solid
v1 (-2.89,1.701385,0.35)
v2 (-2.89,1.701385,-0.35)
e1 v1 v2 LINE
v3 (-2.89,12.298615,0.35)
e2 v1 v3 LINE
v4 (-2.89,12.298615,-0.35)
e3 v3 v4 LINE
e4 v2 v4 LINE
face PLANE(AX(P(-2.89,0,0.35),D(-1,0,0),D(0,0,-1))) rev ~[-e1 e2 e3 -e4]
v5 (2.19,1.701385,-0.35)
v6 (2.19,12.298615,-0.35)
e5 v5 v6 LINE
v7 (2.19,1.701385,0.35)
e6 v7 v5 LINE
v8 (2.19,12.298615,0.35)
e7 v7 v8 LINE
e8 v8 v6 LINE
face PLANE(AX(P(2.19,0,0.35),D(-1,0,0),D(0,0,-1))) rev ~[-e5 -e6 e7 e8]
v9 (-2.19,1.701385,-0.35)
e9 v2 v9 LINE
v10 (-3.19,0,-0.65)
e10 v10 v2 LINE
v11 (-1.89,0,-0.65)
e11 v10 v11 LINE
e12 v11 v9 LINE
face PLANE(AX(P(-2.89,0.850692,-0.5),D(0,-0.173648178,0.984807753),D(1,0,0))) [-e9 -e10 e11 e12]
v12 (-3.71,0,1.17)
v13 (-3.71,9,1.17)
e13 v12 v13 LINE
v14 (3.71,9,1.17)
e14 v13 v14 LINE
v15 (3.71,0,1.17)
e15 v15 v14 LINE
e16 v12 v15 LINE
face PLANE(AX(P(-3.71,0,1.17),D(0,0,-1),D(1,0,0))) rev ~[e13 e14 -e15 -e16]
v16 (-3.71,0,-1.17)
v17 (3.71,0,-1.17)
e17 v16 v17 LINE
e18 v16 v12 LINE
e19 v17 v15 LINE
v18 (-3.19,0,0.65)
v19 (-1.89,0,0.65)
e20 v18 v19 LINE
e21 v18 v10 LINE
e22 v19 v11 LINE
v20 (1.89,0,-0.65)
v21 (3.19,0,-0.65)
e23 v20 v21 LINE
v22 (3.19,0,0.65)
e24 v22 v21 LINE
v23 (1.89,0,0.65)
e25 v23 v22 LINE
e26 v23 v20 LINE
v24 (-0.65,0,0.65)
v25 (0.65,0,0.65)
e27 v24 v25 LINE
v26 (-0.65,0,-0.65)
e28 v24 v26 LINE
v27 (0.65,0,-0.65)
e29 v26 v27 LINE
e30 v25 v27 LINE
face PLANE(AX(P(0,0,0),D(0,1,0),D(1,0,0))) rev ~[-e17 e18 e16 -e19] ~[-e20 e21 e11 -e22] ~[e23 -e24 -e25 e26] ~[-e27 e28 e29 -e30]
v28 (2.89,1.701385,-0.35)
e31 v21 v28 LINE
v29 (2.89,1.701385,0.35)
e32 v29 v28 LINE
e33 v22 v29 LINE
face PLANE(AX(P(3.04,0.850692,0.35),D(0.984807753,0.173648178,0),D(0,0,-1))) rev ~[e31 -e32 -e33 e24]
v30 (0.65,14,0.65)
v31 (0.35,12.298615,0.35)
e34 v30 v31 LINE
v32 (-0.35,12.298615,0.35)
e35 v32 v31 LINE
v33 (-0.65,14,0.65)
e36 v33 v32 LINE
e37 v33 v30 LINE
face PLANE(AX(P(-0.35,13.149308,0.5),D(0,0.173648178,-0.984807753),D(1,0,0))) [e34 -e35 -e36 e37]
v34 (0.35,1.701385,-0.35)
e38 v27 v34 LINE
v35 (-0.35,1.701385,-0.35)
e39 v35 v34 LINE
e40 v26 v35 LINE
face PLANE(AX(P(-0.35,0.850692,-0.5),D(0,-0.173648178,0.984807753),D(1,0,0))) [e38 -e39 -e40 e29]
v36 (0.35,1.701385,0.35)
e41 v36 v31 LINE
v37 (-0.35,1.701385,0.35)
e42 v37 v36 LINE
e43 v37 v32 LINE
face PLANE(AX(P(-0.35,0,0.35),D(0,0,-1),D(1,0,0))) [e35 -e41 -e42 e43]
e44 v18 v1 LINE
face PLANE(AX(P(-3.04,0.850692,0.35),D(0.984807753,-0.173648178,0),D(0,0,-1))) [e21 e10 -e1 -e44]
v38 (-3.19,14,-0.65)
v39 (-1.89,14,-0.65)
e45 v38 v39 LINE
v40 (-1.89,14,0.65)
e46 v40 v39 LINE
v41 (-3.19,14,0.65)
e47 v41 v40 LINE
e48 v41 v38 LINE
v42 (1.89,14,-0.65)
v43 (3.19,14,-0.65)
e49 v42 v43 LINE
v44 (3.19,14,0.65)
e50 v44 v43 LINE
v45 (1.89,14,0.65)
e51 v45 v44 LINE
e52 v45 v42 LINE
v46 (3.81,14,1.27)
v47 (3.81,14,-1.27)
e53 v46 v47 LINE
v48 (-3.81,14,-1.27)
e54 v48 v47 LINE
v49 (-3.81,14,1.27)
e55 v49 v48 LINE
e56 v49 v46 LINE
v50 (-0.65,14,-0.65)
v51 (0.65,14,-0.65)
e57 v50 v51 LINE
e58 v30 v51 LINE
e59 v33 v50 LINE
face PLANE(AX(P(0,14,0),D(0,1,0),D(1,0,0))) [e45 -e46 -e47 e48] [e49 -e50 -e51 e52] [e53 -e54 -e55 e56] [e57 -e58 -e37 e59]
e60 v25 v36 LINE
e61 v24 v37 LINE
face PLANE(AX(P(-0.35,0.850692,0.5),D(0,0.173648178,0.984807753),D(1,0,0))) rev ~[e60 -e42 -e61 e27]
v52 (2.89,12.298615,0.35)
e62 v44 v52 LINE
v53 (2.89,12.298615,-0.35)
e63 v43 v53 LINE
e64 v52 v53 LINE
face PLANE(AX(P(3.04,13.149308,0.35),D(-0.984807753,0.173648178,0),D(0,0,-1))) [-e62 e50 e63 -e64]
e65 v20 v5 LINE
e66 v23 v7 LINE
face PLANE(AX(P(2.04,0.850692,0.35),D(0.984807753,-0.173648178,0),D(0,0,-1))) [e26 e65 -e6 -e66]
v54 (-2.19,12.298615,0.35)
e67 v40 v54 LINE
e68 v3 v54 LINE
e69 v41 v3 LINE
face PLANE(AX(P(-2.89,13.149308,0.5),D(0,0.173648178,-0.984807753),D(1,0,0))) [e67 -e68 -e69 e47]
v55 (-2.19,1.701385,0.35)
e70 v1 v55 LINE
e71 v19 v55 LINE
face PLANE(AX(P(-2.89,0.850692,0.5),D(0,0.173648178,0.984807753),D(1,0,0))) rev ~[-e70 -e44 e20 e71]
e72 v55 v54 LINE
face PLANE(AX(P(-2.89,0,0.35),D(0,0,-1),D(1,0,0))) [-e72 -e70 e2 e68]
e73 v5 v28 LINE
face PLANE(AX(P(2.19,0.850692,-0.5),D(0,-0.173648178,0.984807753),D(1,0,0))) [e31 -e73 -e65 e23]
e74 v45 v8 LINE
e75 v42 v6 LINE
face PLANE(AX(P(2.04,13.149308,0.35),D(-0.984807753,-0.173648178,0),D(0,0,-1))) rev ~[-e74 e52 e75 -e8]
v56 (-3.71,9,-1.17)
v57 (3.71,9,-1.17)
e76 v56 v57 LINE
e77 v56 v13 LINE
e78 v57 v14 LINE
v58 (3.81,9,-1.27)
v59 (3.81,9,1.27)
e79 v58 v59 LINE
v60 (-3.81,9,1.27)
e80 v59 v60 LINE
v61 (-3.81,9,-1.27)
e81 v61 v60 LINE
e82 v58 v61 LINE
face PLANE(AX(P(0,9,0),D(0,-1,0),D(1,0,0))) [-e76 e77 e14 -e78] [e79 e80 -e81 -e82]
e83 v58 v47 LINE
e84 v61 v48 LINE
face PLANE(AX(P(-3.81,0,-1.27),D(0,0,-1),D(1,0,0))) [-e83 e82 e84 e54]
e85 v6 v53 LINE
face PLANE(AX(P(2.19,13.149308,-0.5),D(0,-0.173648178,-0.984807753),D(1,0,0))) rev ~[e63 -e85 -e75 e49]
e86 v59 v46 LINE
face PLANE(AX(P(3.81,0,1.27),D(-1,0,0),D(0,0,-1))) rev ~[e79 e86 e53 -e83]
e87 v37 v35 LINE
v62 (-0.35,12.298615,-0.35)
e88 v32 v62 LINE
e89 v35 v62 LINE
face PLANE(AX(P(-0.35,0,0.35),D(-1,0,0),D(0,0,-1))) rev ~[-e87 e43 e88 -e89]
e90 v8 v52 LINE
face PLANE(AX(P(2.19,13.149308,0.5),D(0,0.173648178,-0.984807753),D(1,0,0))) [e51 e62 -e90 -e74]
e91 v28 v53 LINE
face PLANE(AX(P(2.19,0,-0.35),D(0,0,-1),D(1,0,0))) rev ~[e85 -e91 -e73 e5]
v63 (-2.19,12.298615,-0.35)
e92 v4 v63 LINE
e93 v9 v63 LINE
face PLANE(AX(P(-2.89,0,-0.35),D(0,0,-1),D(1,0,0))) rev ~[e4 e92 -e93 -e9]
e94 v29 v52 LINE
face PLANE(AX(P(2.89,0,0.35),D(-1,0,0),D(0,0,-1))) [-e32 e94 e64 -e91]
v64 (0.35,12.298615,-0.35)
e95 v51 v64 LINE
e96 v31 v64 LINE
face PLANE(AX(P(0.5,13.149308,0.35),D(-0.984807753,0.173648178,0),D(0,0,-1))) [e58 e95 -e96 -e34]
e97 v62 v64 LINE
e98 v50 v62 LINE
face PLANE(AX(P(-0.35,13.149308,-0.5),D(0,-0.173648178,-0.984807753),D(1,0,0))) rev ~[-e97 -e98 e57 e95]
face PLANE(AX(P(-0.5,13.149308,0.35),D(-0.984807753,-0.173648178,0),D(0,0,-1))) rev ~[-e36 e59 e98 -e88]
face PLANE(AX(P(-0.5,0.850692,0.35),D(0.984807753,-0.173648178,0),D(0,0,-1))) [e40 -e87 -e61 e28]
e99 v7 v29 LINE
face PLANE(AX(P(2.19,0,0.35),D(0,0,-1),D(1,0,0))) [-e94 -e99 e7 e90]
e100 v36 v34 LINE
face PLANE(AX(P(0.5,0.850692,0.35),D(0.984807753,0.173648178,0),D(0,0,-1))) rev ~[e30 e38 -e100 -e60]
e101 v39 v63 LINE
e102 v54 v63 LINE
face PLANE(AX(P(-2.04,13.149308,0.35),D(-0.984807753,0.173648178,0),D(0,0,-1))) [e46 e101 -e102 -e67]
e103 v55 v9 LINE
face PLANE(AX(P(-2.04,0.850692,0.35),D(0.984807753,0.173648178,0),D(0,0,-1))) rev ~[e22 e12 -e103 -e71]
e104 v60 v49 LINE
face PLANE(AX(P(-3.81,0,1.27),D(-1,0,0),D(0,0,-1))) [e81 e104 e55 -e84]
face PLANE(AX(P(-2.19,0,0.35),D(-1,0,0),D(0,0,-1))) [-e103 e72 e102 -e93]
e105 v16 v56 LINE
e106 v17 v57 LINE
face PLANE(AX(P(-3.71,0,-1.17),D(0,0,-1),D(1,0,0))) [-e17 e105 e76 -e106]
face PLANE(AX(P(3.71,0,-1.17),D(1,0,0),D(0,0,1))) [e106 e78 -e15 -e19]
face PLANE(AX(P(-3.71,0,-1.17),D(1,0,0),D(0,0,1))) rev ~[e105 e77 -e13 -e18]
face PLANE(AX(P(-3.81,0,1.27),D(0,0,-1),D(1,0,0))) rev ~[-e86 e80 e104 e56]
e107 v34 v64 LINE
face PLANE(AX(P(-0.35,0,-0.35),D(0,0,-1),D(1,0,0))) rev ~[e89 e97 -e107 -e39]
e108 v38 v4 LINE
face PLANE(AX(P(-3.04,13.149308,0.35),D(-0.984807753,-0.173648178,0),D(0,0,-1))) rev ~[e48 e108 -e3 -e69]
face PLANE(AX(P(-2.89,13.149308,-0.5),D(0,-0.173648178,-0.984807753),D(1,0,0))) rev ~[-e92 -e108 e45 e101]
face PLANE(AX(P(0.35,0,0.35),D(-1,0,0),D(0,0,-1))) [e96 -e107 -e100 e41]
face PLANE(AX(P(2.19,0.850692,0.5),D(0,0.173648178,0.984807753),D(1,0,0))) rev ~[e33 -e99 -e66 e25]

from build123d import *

# Parameters (mm, degrees)
SKIZZE1_W                       = 7.62
SKIZZE1_H                       = 2.54
SKIZZE1_W_2                     = 0.7
SKIZZE1_H_2                     = 0.7
AUFSATZ_LINEAR_AUSTRAGEN1_DEPTH = 14
SKIZZE3_OUTSIDE_W               = 12.848
SKIZZE3_OUTSIDE_H               = 7.768
SKIZZE3_OUTSIDE_W_2             = 7.42
SKIZZE3_OUTSIDE_H_2             = 2.34
SCHNITT_LINEAR_AUSTRAGEN1_DEPTH = 9
FASE1_SIZE                      = 0.3
FASE1_SIZE2                     = 1.701384546
FASE1_PART_2_SIZE               = 0.3
FASE1_PART_2_SIZE2              = 1.701384546


with BuildPart() as part:
    # Skizze1 → Aufsatz-Linear austragen1 (new body)
    with BuildSketch(Plane(origin=(0, 0, 0), x_dir=(1, 0, 0), z_dir=(0, 1, 0))):
        Rectangle(SKIZZE1_W, SKIZZE1_H)
        with Locations((-2.54, 0)):
            Rectangle(SKIZZE1_W_2, SKIZZE1_H_2, mode=Mode.SUBTRACT)
        Rectangle(SKIZZE1_W_2, SKIZZE1_H_2, mode=Mode.SUBTRACT)
        with Locations((2.54, 0)):
            Rectangle(SKIZZE1_W_2, SKIZZE1_H_2, mode=Mode.SUBTRACT)
    extrude(amount=AUFSATZ_LINEAR_AUSTRAGEN1_DEPTH)

    # Skizze3 outside → Schnitt-Linear austragen1 (cut)
    with BuildSketch(Plane.XZ):
        Rectangle(SKIZZE3_OUTSIDE_W, SKIZZE3_OUTSIDE_H)
        Rectangle(SKIZZE3_OUTSIDE_W_2, SKIZZE3_OUTSIDE_H_2, mode=Mode.SUBTRACT)
    extrude(amount=-SCHNITT_LINEAR_AUSTRAGEN1_DEPTH, mode=Mode.SUBTRACT)

    # Fase1
    fase1_edges = [part.edges().sort_by_distance(p)[0] for p in [
        (-2.89, 0, 0),
        (-2.54, 0, 0.35),
        (-2.19, 0, 0),
        (-2.54, 0, -0.35),
        (-0.35, 0, 0),
        (0, 0, 0.35),
        (0.35, 0, 0),
        (0, 0, -0.35),
        (2.19, 0, 0),
        (2.54, 0, 0.35),
        (2.89, 0, 0),
        (2.54, 0, -0.35),
    ]]
    fase1_side = [part.faces().sort_by_distance(p)[0] for p in [
        (0, 0, -1.092197686),
    ]]
    chamfer(fase1_edges, length=FASE1_SIZE, length2=FASE1_SIZE2, reference=fase1_side[0])

    # Fase1 part 2
    fase1_part_2_edges = [part.edges().sort_by_distance(p)[0] for p in [
        (-2.89, 14, 0),
        (-2.54, 14, 0.35),
        (-2.19, 14, 0),
        (-2.54, 14, -0.35),
        (-0.35, 14, 0),
        (0, 14, 0.35),
        (0.35, 14, 0),
        (0, 14, -0.35),
        (2.19, 14, 0),
        (2.54, 14, 0.35),
        (2.89, 14, 0),
        (2.54, 14, -0.35),
    ]]
    fase1_part_2_side = [part.faces().sort_by_distance(p)[0] for p in [
        (0, 14, 1.189678147),
    ]]
    chamfer(fase1_part_2_edges, length=FASE1_PART_2_SIZE, length2=FASE1_PART_2_SIZE2, reference=fase1_part_2_side[0])


solid = part.part
